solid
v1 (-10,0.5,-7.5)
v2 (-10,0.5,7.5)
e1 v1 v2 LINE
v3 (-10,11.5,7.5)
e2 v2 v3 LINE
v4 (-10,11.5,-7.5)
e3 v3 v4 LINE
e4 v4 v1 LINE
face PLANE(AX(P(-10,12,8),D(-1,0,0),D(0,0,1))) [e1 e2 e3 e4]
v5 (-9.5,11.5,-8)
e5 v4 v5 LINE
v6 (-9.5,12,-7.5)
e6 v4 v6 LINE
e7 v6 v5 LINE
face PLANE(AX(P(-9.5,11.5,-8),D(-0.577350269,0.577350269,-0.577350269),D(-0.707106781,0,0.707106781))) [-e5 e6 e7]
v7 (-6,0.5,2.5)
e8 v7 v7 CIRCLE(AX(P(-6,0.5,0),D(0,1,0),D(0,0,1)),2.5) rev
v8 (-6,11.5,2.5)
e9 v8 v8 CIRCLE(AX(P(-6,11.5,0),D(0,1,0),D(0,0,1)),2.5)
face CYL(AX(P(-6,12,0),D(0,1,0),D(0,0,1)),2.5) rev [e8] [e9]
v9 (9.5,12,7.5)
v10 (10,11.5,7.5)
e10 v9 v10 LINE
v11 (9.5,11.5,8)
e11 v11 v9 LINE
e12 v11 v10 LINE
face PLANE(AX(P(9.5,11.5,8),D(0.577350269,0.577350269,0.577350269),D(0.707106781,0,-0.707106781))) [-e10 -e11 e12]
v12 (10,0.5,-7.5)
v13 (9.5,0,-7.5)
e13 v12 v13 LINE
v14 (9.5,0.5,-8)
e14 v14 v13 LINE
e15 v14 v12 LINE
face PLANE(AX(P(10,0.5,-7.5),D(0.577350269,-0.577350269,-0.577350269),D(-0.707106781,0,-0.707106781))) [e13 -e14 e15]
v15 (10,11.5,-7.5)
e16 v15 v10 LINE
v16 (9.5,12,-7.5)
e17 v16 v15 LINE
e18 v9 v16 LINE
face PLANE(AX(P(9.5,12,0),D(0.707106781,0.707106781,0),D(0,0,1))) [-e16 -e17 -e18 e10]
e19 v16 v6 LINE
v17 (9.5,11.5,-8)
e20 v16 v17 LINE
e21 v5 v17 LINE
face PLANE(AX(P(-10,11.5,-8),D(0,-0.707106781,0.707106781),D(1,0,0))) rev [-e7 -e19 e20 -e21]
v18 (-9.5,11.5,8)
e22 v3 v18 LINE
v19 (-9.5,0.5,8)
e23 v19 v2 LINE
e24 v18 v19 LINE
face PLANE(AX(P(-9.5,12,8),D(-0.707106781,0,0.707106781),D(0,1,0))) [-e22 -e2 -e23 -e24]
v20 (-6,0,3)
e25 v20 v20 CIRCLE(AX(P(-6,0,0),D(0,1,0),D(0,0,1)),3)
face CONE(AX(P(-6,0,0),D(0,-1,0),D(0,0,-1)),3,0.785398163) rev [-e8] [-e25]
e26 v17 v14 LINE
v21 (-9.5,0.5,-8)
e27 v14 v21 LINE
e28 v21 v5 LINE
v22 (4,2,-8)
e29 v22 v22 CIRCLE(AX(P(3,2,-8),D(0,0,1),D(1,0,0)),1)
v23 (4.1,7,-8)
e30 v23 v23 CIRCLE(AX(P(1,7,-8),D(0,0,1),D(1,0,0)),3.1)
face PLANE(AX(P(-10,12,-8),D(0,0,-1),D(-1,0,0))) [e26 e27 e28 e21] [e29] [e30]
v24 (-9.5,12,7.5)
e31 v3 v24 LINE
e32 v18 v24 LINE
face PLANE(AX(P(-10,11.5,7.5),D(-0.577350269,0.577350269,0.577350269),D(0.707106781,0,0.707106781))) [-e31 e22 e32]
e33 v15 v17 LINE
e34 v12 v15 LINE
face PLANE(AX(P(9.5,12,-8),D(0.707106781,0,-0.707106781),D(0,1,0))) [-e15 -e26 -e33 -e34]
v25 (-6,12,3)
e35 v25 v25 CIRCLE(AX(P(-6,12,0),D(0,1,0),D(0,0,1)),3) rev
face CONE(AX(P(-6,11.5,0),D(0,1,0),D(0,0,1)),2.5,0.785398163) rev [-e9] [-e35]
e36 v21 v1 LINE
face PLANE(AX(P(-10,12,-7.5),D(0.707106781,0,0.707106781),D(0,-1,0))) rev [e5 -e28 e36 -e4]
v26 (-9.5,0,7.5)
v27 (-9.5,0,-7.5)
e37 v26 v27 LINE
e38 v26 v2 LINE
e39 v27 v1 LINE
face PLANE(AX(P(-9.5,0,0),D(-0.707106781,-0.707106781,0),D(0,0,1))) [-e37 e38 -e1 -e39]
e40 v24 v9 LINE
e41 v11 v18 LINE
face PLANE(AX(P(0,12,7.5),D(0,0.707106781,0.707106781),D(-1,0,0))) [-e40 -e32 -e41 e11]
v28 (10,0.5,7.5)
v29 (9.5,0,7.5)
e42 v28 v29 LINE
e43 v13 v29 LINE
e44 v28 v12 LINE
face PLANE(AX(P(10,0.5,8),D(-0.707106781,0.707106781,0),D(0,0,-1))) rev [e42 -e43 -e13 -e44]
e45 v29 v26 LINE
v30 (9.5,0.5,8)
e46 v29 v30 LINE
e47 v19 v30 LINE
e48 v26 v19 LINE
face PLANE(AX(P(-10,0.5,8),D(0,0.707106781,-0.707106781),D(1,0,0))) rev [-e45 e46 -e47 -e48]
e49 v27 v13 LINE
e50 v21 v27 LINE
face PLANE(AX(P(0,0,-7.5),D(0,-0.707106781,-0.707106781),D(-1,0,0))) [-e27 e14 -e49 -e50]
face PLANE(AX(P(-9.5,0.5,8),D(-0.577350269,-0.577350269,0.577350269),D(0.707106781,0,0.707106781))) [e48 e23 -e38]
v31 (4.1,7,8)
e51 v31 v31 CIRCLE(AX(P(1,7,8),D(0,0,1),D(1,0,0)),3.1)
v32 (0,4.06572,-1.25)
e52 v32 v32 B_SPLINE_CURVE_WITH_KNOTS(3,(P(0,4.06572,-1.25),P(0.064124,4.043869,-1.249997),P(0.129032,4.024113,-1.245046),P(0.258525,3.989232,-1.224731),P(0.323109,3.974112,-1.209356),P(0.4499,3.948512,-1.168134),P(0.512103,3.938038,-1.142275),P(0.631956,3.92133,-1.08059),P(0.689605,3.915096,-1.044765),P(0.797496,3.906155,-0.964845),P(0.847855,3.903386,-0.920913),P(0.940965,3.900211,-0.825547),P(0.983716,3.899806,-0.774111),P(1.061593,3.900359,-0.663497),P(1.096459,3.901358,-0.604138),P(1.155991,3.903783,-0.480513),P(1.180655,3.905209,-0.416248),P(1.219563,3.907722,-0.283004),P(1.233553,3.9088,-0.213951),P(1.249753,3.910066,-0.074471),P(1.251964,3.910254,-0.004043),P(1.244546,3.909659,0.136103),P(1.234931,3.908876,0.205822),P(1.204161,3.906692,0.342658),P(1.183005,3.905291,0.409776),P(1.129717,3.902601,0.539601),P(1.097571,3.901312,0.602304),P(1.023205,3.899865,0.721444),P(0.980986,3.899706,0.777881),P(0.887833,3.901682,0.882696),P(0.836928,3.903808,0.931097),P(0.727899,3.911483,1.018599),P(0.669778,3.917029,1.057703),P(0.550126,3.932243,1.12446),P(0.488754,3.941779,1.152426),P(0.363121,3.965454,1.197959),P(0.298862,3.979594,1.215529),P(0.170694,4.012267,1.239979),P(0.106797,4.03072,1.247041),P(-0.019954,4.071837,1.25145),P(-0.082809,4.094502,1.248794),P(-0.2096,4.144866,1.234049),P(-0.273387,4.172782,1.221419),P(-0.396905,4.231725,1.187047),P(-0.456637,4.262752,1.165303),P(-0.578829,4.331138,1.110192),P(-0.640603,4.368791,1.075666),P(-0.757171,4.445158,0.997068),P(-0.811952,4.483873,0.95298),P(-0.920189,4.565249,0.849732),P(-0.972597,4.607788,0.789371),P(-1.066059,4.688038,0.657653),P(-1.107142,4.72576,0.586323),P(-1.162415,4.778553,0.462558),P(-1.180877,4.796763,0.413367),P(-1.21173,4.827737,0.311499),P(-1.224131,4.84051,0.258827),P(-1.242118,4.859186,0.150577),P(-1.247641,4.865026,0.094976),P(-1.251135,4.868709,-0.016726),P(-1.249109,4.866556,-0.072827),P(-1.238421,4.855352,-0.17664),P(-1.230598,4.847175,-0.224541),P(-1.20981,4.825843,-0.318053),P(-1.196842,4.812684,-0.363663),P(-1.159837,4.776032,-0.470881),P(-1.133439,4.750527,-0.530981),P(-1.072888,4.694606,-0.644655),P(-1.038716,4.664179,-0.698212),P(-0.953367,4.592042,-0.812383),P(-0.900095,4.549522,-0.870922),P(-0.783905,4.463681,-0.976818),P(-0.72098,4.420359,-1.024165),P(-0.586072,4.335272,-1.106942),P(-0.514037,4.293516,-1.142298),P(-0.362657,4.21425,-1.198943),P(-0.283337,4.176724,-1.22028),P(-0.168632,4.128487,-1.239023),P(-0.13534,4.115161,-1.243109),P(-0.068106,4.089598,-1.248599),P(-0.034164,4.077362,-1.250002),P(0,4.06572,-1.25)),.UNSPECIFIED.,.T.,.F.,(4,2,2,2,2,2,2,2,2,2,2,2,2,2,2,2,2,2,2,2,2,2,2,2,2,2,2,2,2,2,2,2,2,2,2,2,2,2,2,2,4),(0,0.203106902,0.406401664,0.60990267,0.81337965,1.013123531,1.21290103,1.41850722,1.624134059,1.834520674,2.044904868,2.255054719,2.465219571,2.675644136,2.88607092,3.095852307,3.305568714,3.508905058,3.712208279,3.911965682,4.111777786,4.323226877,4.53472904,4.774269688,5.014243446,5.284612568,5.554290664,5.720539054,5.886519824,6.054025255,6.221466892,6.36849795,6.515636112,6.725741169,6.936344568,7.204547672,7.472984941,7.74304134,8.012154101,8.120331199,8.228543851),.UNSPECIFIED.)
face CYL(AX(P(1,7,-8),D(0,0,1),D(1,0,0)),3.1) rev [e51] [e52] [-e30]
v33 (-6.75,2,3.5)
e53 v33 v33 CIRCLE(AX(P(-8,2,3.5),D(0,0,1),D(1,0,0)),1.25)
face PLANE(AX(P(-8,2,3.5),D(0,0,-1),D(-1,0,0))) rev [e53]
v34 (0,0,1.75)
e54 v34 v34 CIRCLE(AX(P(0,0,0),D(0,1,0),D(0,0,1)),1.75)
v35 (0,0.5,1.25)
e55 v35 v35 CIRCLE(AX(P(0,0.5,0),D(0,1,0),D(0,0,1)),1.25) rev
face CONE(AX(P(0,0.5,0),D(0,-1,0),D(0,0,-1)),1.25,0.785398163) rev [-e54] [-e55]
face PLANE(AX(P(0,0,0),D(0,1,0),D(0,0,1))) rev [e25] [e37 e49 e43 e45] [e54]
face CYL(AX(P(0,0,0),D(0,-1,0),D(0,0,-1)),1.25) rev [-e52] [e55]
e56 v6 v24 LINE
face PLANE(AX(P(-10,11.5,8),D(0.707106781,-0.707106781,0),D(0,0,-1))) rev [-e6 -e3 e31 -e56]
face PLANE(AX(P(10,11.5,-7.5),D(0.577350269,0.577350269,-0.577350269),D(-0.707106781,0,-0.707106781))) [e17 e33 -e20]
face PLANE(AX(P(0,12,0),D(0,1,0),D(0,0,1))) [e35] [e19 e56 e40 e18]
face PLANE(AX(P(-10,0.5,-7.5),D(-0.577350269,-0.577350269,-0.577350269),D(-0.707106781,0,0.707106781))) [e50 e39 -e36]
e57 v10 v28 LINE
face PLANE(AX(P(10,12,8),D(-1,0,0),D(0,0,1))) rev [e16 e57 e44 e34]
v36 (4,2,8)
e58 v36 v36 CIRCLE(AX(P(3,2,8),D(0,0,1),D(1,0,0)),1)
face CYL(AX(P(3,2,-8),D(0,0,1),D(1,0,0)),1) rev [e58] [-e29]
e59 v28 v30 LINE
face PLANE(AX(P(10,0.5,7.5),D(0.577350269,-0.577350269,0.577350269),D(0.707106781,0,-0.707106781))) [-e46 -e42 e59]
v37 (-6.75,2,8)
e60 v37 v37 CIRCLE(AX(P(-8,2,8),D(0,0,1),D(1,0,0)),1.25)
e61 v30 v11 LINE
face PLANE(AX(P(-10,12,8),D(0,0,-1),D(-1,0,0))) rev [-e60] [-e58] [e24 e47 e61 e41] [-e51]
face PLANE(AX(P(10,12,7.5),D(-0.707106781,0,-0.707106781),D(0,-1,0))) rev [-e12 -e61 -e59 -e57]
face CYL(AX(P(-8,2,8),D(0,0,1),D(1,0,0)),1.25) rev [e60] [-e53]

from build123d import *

# Parameters (mm, degrees)
SKETCH1_W                       = 20
SKETCH1_H                       = 16
BOSS_EXTRUDE1_DEPTH             = 12
SKETCH2_R                       = 3.1
SKETCH2_R_2                     = 1
CUT_EXTRUDE1_DEPTH              = 17
F_2_5_2_5_DIAMETER_HOLE1_D      = 2.5
F_2_5_2_5_DIAMETER_HOLE1_DEPTH  = 4.5
TAP_DRILL_FOR_M6X1_0_TAP1_D     = 5
TAP_DRILL_FOR_M3X0_5_TAP1_D     = 2.5
TAP_DRILL_FOR_M3X0_5_TAP1_DEPTH = 6.999
TAP_DRILL_FOR_M3X0_5_TAP1_TIP   = 0.751075774
CHAMFER1_SIZE                   = 0.5


with BuildPart() as part:
    # Sketch1 → Boss-Extrude1 (new body)
    with BuildSketch(Plane(origin=(0, 0, 0), x_dir=(1, 0, 0), z_dir=(0, 1, 0))):
        Rectangle(SKETCH1_W, SKETCH1_H)
    extrude(amount=BOSS_EXTRUDE1_DEPTH)

    # Sketch2 → Cut-Extrude1 (cut, through all)
    with BuildSketch(Plane.XY.offset(8)):
        with Locations((1, 7)):
            Circle(SKETCH2_R)
        with Locations((3, 2)):
            Circle(SKETCH2_R_2)
    extrude(amount=-CUT_EXTRUDE1_DEPTH, mode=Mode.SUBTRACT)

    # Ø2.5 (2.5) Diameter Hole1
    with Locations(Plane.XY.offset(8)):
        with Locations((-8, 2)):
            Hole(F_2_5_2_5_DIAMETER_HOLE1_D / 2, depth=F_2_5_2_5_DIAMETER_HOLE1_DEPTH)

    # Tap Drill for M6x1.0 Tap1 (through all)
    with Locations(Plane(origin=(0, 12, 0), x_dir=(1, 0, 0), z_dir=(0, 1, 0))):
        with Locations((-6, 0)):
            Hole(TAP_DRILL_FOR_M6X1_0_TAP1_D / 2)

    # Tap Drill for M3x0.5 Tap1
    with Locations(Plane(origin=(0, 0, 0), x_dir=(-1, 0, 0), z_dir=(0, -1, 0))):
        with Locations((0, 0)):
            Hole(TAP_DRILL_FOR_M3X0_5_TAP1_D / 2, depth=TAP_DRILL_FOR_M3X0_5_TAP1_DEPTH)
            with Locations((0, 0, -(TAP_DRILL_FOR_M3X0_5_TAP1_DEPTH + TAP_DRILL_FOR_M3X0_5_TAP1_TIP / 2))):  # 118° drill point
                Cone(0, TAP_DRILL_FOR_M3X0_5_TAP1_D / 2, TAP_DRILL_FOR_M3X0_5_TAP1_TIP, mode=Mode.SUBTRACT)

    # Chamfer1
    chamfer1_edges = [part.edges().sort_by_distance(p)[0] for p in [
        (0, 12, -8),
        (-10, 12, 0),
        (-3.5, 12, 0),
        (-3.5, 0, 0),
        (-1.25, 0, 0),
        (0, 12, 8),
        (-10, 0, 0),
        (0, 0, -8),
        (10, 0, 0),
        (0, 0, 8),
        (10, 12, 0),
        (-10, 6, 8),
        (-10, 6, -8),
        (10, 6, -8),
        (10, 6, 8),
    ]]
    chamfer(chamfer1_edges, length=CHAMFER1_SIZE)


solid = part.part
